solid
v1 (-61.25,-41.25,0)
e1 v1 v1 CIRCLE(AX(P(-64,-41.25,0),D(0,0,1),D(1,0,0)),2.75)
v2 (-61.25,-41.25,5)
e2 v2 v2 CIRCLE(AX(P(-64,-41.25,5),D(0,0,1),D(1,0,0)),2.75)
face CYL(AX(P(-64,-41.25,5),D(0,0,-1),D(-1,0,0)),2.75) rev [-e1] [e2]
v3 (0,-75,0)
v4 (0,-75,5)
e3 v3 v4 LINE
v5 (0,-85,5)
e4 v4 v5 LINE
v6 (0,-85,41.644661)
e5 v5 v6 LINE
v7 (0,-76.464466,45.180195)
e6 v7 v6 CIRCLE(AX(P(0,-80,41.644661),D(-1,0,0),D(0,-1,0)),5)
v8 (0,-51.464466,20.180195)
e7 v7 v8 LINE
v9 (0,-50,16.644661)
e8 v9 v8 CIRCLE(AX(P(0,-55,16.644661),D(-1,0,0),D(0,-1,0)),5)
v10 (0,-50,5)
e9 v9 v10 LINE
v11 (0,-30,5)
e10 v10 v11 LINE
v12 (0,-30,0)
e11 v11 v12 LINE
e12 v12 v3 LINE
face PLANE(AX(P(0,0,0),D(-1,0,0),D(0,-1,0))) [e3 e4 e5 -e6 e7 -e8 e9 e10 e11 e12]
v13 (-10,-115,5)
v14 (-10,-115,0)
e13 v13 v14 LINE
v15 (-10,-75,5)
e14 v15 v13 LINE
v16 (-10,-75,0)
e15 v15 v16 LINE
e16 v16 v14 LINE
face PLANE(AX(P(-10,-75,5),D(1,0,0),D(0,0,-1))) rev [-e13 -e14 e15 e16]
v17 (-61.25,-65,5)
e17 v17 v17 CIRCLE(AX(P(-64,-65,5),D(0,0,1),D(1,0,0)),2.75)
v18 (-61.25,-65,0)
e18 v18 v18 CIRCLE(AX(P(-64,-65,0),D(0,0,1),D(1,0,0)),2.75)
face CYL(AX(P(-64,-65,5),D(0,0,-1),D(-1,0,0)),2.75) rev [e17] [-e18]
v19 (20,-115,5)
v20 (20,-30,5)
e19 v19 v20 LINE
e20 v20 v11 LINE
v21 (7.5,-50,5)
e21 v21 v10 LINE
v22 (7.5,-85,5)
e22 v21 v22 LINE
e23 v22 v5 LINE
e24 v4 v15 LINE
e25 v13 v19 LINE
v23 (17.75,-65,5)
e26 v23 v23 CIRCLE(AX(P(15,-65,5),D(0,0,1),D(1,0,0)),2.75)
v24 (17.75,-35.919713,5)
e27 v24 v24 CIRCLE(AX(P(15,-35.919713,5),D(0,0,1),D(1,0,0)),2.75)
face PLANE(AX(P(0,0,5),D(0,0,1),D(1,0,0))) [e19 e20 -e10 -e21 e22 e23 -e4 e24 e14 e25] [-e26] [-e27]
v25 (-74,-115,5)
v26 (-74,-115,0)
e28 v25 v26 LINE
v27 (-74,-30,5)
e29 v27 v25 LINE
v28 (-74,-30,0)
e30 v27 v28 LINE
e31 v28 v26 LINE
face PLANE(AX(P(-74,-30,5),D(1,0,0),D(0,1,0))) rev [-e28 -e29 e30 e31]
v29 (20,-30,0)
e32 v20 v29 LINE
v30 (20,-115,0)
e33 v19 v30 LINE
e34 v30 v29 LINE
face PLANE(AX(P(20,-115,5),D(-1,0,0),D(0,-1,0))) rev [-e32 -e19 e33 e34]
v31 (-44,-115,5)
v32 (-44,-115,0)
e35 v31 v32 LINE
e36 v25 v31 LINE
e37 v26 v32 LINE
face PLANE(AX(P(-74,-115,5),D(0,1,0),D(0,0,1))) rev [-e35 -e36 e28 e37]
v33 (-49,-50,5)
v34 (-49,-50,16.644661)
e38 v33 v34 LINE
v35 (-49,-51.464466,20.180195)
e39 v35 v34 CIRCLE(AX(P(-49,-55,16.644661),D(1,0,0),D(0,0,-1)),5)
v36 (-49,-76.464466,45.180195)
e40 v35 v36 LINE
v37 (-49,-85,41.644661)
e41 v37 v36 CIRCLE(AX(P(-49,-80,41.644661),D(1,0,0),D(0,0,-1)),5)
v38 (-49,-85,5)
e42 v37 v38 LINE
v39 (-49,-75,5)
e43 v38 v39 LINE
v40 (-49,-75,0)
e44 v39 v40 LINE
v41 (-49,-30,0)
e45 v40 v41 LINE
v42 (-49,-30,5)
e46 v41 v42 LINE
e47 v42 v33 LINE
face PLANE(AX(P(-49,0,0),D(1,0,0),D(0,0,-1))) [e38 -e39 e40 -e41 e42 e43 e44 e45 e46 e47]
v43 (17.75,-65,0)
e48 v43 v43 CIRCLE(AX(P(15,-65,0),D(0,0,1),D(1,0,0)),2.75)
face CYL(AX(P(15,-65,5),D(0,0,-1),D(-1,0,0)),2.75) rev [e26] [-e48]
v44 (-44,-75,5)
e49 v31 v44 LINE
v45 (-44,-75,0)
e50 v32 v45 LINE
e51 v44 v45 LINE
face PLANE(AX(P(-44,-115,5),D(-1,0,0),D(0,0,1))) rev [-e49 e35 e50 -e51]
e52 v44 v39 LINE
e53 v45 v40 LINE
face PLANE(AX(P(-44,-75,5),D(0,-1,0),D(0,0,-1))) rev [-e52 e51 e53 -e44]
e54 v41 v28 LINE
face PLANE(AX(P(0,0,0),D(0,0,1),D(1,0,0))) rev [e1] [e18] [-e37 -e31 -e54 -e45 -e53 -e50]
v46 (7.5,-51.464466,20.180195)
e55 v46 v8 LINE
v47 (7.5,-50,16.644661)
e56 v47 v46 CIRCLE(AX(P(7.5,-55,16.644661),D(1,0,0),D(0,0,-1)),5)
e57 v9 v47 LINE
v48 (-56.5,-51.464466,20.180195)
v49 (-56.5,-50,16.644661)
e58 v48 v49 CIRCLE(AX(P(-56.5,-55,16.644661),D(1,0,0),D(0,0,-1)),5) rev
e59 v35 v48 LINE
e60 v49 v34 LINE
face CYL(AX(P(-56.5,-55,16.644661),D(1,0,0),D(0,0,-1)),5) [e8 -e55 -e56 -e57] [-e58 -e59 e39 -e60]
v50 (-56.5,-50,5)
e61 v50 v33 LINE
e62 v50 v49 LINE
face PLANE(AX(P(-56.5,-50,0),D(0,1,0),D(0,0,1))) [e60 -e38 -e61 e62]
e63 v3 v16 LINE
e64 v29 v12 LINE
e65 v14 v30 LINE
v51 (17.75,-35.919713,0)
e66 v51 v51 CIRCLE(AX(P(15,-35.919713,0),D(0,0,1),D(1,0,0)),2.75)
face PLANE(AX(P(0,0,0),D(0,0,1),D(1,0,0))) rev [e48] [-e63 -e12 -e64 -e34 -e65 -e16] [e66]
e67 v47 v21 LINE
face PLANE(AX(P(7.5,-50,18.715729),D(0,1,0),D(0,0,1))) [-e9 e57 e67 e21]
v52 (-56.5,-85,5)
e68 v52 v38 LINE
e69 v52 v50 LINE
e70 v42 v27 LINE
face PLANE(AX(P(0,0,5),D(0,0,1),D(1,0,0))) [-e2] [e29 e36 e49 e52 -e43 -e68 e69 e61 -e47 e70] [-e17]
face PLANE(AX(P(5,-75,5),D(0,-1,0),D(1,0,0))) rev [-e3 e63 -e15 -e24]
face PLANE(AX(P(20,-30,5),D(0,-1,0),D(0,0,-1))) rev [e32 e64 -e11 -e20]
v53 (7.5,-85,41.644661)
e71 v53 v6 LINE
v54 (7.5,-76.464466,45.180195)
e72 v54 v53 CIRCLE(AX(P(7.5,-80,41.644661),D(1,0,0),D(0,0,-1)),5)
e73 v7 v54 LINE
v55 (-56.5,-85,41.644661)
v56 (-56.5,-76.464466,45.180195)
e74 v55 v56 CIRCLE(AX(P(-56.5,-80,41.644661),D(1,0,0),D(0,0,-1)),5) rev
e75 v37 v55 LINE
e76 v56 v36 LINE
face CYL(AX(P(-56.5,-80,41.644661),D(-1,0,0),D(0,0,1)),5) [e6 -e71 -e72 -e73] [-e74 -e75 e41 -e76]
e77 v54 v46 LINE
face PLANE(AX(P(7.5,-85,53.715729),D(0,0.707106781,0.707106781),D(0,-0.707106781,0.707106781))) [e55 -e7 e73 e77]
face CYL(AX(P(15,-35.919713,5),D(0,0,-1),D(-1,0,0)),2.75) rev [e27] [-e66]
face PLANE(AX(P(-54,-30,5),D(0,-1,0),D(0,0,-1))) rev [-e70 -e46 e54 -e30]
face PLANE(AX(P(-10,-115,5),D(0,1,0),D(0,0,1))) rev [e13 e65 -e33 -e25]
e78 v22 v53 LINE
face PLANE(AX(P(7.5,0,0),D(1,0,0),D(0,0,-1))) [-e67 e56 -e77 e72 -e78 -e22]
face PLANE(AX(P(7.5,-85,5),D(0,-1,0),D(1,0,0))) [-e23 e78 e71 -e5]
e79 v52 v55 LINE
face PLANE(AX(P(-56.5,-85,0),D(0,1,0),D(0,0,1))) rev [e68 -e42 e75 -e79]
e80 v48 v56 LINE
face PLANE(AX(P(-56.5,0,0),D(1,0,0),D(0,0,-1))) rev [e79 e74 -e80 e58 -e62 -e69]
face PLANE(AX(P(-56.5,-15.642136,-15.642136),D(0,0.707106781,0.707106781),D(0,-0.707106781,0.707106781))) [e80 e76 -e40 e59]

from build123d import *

# Parameters (mm, degrees)
SKETCH2_R             = 2.75
BOSS_EXTRUDE1_DEPTH   = 5
BOSS_EXTRUDE1_2_DEPTH = 5
BOSS_EXTRUDE3_DEPTH   = 2.5
BOSS_EXTRUDE4_DEPTH   = 2.5
BOSS_EXTRUDE5_DEPTH   = 5
BOSS_EXTRUDE6_DEPTH   = 5
FILLET1_R             = 5
FILLET2_R             = 5
FILLET3_R             = 5
FILLET4_R             = 5
SKETCH7_R             = 5
BOSS_EXTRUDE7_DEPTH   = 49
BOSS_EXTRUDE8_START   = 49
SKETCH8_R             = 5
BOSS_EXTRUDE8_DEPTH   = 49


with BuildPart() as part:
    # Sketch2 → Boss-Extrude1 (new body)
    with BuildSketch(Plane.XY):
        Polygon((-10, -75), (-10, -115), (20, -115), (20, -30), (5, -30), (5, -75), align=None)
        with Locations((15, -35.919713403)):
            Circle(SKETCH2_R, mode=Mode.SUBTRACT)
        with Locations((15, -65)):
            Circle(SKETCH2_R, mode=Mode.SUBTRACT)
    extrude(amount=BOSS_EXTRUDE1_DEPTH)

    # Sketch4 → Boss-Extrude4 (add)
    with BuildSketch(Plane.ZY.offset(-5)):
        Polygon((0, -30), (0, -75), (5, -75), (5, -85), (53.715728753, -85), (18.715728753, -50), (5, -50), (5, -30), align=None)
    extrude(amount=-BOSS_EXTRUDE4_DEPTH)

    # Sketch6 → Boss-Extrude6 (add)
    with BuildSketch(Plane.ZY.offset(-5)):
        Polygon((0, -30), (0, -75), (5, -75), (5, -85), (53.715728753, -85), (18.715728753, -50), (5, -50), (5, -30), align=None)
    extrude(amount=BOSS_EXTRUDE6_DEPTH)

    # Fillet1
    fillet1_edges = [part.edges().sort_by_distance(p)[0] for p in [
        (3.75, -85, 53.715728753),
    ]]
    fillet(fillet1_edges, radius=FILLET1_R)

    # Fillet4
    fillet4_edges = [part.edges().sort_by_distance(p)[0] for p in [
        (3.75, -50, 18.715728753),
    ]]
    fillet(fillet4_edges, radius=FILLET4_R)



with BuildPart() as body_2:
    # Sketch2 → Boss-Extrude1 2 (new body)
    with BuildSketch(Plane.XY):
        Polygon((-74, -30), (-74, -115), (-44, -115), (-44, -75), (-54, -75), (-54, -30), align=None)
        with Locations((-64, -65)):
            Circle(SKETCH2_R, mode=Mode.SUBTRACT)
        with Locations((-64, -41.25)):
            Circle(SKETCH2_R, mode=Mode.SUBTRACT)
    extrude(amount=BOSS_EXTRUDE1_2_DEPTH)

    # Sketch3 → Boss-Extrude3 (add)
    with BuildSketch(Plane(origin=(-54, 0, 0), x_dir=(0, 0, -1), z_dir=(1, 0, 0))):
        Polygon((-5, -75), (-5, -50), (-18.715728753, -50), (-53.715728753, -85), (-5, -85), align=None)
    extrude(amount=-BOSS_EXTRUDE3_DEPTH)

    # Sketch5 → Boss-Extrude5 (add)
    with BuildSketch(Plane(origin=(-54, 0, 0), x_dir=(0, 0, -1), z_dir=(1, 0, 0))):
        Polygon((0, -75), (0, -30), (-5, -30), (-5, -50), (-18.715728753, -50), (-53.715728753, -85), (-5, -85), (-5, -75), align=None)
    extrude(amount=BOSS_EXTRUDE5_DEPTH)

    # Fillet2
    fillet2_edges = [body_2.edges().sort_by_distance(p)[0] for p in [
        (-52.75, -85, 53.715728753),
    ]]
    fillet(fillet2_edges, radius=FILLET2_R)

    # Fillet3
    fillet3_edges = [body_2.edges().sort_by_distance(p)[0] for p in [
        (-52.75, -50, 18.715728753),
    ]]
    fillet(fillet3_edges, radius=FILLET3_R)


with BuildPart() as part_1:
    add(part.part)

    add(body_2.part)  # Boss-Extrude7 merges body 2
    # Sketch7 → Boss-Extrude7 (add)
    with BuildSketch(Plane(origin=(-49, 0, 0), x_dir=(0, 0, -1), z_dir=(1, 0, 0))):
        with Locations(Location((-41.644660941, -80, 0), (0, 0, 135))):
            Circle(SKETCH7_R)
    extrude(amount=BOSS_EXTRUDE7_DEPTH)

    # Sketch8 → Boss-Extrude8 (add)
    with BuildSketch(Plane(origin=(-49, 0, 0), x_dir=(0, 0, -1), z_dir=(1, 0, 0)).offset(BOSS_EXTRUDE8_START)):
        with Locations(Location((-16.644660941, -55, 0), (0, 0, 90))):
            Circle(SKETCH8_R)
    extrude(amount=-BOSS_EXTRUDE8_DEPTH)


solid = part_1.part
